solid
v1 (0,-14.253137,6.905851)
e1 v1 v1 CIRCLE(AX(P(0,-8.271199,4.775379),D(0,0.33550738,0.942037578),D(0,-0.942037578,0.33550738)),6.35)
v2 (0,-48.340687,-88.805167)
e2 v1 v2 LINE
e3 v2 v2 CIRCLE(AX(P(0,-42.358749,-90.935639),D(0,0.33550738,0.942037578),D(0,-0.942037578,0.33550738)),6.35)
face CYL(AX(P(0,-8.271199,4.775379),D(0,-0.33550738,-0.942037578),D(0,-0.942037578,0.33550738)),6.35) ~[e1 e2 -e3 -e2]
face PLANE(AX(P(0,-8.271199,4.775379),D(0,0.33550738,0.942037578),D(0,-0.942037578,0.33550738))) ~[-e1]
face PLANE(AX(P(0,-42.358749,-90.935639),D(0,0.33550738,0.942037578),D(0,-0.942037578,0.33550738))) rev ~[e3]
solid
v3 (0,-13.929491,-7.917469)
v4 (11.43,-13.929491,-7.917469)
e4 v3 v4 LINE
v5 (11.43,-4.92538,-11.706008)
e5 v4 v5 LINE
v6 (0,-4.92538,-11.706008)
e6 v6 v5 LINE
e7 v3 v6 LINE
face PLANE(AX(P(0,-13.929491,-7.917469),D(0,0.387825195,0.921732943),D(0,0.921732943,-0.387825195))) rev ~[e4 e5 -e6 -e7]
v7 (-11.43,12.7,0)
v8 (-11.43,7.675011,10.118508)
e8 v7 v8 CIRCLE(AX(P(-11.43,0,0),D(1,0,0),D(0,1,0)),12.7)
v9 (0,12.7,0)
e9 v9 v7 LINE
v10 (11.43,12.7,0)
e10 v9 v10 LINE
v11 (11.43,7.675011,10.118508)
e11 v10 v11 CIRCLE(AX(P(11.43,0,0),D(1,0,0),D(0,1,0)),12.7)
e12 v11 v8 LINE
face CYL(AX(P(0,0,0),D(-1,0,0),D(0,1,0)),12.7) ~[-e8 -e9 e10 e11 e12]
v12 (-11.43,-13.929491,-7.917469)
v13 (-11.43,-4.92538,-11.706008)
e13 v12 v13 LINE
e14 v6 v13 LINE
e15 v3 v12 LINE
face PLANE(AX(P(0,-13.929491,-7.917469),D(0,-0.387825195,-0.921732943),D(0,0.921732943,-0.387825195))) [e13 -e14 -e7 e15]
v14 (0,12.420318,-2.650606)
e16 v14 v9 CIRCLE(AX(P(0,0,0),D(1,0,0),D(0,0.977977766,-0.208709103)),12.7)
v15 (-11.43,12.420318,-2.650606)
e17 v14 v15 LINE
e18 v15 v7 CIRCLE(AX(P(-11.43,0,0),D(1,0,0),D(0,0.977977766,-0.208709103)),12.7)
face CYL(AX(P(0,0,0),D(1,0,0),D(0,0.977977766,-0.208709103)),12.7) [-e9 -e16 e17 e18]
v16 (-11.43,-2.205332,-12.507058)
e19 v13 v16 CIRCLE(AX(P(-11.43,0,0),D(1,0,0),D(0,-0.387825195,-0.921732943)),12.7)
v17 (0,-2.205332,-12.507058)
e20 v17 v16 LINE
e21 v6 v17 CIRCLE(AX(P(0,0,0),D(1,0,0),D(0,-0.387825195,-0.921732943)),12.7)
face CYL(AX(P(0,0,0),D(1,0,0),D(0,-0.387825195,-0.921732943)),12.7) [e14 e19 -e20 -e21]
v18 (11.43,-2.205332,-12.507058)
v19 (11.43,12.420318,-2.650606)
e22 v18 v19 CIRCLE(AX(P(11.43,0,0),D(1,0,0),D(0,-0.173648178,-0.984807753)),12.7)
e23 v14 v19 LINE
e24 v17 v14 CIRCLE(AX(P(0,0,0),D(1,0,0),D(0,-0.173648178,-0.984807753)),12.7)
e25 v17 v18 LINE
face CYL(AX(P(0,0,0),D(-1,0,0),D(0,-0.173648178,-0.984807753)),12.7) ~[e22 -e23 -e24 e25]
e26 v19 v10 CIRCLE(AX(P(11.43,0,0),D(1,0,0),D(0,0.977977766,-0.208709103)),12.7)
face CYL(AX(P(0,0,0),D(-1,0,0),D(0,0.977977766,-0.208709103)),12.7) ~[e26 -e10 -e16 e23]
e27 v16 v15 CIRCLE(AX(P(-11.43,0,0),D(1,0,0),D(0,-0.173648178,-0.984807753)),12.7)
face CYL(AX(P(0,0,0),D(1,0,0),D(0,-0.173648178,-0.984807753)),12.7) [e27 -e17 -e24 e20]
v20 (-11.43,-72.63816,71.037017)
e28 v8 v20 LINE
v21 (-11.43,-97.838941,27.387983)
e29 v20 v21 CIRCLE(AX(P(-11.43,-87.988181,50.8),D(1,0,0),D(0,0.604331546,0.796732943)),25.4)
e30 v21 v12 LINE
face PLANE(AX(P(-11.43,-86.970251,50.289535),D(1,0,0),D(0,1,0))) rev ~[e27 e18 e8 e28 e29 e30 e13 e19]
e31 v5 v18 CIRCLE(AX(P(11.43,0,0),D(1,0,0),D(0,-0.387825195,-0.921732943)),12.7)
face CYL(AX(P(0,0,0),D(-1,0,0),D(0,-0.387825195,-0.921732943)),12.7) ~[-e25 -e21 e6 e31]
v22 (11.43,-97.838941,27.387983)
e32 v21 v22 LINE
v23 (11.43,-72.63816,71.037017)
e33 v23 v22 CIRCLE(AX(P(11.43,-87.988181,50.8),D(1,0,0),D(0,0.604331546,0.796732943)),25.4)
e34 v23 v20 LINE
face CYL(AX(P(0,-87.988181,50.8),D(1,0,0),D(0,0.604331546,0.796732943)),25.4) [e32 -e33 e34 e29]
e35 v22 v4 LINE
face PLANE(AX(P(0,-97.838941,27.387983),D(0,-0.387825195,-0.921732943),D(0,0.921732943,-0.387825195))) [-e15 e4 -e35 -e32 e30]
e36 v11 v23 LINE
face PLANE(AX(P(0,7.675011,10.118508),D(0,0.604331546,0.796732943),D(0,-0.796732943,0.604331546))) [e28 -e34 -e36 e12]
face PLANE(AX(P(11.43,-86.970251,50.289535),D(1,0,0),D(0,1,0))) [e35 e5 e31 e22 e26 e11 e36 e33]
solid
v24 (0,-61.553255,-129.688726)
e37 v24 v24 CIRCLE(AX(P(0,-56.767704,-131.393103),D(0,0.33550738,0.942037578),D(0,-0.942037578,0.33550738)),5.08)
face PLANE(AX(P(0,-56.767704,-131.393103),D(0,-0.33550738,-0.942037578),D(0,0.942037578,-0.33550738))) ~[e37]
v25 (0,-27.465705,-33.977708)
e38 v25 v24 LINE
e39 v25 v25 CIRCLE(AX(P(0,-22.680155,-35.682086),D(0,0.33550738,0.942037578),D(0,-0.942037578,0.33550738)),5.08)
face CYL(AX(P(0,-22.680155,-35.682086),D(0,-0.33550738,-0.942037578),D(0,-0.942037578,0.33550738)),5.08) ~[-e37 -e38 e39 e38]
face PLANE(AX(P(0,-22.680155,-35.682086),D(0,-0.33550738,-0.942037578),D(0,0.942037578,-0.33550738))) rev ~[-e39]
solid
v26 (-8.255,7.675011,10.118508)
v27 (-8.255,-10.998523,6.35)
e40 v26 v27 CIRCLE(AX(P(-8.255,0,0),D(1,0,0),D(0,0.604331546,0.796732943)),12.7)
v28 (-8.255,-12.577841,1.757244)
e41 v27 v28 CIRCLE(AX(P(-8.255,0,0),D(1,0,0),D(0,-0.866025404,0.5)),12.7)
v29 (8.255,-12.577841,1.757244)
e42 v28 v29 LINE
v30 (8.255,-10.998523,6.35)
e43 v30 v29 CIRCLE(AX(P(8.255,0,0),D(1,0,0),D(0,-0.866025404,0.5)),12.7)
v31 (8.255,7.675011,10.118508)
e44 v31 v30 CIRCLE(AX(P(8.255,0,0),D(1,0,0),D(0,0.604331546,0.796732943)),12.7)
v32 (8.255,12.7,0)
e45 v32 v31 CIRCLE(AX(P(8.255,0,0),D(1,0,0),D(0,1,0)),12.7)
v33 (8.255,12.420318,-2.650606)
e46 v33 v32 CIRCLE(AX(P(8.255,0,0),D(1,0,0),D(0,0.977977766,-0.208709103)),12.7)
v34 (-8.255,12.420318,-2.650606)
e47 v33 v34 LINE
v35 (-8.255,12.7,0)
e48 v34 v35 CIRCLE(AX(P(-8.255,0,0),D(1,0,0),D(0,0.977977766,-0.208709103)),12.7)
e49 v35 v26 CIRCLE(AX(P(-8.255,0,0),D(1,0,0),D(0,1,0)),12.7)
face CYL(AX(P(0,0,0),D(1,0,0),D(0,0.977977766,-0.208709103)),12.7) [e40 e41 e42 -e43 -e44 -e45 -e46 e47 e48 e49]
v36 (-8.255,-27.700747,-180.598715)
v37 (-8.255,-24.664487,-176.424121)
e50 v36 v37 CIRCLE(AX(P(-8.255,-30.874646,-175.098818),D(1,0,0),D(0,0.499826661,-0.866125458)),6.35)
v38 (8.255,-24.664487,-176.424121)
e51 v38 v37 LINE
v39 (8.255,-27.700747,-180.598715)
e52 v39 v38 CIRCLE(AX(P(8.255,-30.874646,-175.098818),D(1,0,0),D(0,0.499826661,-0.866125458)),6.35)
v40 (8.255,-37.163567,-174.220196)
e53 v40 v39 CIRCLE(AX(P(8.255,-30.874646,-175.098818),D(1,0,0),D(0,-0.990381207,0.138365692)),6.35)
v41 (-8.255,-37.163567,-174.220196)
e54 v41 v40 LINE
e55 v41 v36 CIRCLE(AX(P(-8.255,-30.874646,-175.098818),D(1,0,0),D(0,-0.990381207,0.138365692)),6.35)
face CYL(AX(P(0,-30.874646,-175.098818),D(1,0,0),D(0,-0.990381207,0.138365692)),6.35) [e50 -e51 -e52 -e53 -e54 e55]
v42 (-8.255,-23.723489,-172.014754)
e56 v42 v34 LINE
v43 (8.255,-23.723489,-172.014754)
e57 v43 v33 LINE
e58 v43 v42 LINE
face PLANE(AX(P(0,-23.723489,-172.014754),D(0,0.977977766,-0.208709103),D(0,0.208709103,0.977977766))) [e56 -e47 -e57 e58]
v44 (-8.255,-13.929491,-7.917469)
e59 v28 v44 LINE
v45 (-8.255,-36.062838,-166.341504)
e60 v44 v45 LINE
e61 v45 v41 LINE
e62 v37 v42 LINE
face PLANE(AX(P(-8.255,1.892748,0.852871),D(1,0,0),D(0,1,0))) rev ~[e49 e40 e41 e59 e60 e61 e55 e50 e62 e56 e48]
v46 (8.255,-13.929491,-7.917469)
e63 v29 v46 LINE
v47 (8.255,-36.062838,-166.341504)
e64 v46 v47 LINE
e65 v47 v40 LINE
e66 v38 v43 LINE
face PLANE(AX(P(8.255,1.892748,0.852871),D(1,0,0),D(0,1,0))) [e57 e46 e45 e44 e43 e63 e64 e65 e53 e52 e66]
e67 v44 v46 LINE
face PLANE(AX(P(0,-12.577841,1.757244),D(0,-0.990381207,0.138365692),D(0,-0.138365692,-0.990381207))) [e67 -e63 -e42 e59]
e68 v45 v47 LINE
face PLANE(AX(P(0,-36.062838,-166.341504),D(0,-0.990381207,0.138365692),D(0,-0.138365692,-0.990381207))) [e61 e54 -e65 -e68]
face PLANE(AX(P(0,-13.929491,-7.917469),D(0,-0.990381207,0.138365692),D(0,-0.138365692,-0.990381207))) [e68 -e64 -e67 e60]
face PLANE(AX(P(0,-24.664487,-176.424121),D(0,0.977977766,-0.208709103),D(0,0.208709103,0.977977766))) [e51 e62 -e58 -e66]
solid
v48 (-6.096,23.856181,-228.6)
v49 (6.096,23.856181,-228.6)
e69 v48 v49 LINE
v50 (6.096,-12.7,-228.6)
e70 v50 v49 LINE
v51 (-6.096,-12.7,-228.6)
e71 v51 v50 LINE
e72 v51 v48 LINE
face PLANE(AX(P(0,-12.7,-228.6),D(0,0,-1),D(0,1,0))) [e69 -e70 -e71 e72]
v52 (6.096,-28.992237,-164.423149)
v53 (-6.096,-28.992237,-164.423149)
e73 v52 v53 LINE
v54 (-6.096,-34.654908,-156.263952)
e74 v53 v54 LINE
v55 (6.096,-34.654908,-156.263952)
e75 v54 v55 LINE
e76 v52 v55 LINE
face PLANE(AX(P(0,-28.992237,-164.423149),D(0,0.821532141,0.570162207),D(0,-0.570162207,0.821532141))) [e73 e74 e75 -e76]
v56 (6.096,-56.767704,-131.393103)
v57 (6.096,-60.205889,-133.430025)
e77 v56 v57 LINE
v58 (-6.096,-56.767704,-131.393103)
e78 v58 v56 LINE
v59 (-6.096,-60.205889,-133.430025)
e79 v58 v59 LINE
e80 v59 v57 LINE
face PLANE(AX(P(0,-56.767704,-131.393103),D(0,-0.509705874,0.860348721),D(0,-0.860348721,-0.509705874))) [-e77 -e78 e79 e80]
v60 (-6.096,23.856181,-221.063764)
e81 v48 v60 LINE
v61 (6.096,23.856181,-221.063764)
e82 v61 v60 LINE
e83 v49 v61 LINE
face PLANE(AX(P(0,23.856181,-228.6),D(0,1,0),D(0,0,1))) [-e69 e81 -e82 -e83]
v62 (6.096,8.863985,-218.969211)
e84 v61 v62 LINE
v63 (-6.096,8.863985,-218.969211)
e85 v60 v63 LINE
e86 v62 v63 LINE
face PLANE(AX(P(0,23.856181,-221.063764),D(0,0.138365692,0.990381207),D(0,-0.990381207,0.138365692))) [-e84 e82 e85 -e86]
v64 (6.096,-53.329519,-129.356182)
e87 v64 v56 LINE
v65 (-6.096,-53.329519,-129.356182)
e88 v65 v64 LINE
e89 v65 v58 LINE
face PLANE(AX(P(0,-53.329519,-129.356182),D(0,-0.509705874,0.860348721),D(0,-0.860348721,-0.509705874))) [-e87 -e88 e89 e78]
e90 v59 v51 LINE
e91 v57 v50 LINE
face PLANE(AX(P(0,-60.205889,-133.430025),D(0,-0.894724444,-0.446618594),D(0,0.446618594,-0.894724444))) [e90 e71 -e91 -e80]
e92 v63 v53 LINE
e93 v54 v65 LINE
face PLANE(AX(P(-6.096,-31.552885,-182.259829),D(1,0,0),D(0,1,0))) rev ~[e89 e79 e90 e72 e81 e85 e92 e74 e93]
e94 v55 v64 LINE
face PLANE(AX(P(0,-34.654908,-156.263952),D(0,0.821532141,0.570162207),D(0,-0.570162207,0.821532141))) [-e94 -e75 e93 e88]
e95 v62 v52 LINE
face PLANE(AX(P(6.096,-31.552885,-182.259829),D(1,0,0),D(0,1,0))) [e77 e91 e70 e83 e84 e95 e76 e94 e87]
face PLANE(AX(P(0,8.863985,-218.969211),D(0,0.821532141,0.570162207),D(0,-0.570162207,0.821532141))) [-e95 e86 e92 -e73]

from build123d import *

# Parameters (mm, degrees)
F1_DEPTH = 11.43
F2_DEPTH = 8.255
F3_DEPTH = 6.096


with BuildPart() as f1:
    # F0 (on Right) → F1 (new body, symmetric)
    with BuildSketch(Plane.YZ):
        with BuildLine():
            ThreePointArc((-65.9911357684, 38.1), (-63.4536650368, 44.2259962544), (-62.5881810245, 50.8))
            ThreePointArc((-62.5881810245, 50.8), (-65.2389992765, 62.097554151), (-72.6381597485, 71.0370167472))
            ThreePointArc((-72.6381597485, 71.0370167472), (-109.9852262806, 63.5), (-97.8389409864, 27.3879832528))
            ThreePointArc((-97.8389409864, 27.3879832528), (-79.890657495, 26.7253221685), (-65.9911357684, 38.1))
        make_face()
        with BuildLine():
            ThreePointArc((-72.6381597485, 71.0370167472), (-65.2389992765, 62.097554151), (-62.5881810245, 50.8))
            ThreePointArc((-62.5881810245, 50.8), (-63.4536650368, 44.2259962544), (-65.9911357684, 38.1))
            Line((-65.9911357684, 38.1), (-10.9985226281, 6.35))
            ThreePointArc((-10.9985226281, 6.35), (-2.5123389157, 12.4490221774), (7.675010638, 10.1185083736))
            Line((7.675010638, 10.1185083736), (-72.6381597485, 71.0370167472))
        make_face()
        with BuildLine():
            Line((-10.9985226281, 6.35), (-65.9911357684, 38.1))
            ThreePointArc((-65.9911357684, 38.1), (-79.890657495, 26.7253221685), (-97.8389409864, 27.3879832528))
            Line((-97.8389409864, 27.3879832528), (-13.9294910287, -7.9174694553))
            Line((-13.9294910287, -7.9174694553), (-12.5778413298, 1.7572442865))
            ThreePointArc((-12.5778413298, 1.7572442865), (-12.0097704237, 4.1298201378), (-10.9985226281, 6.35))
        make_face()
        with BuildLine():
            Line((-12.5778413298, 1.7572442865), (-13.9294910287, -7.9174694553))
            Line((-13.9294910287, -7.9174694553), (-4.925379981, -11.7060083736))
            ThreePointArc((-4.925379981, -11.7060083736), (-11.0410815644, -6.2757085567), (-12.5778413298, 1.7572442865))
        make_face()
        with BuildLine():
            Line((0, 0), (-10.9985226281, 6.35))
            ThreePointArc((-10.9985226281, 6.35), (-12.0097704237, 4.1298201378), (-12.5778413298, 1.7572442865))
            ThreePointArc((-12.5778413298, 1.7572442865), (-11.0410815644, -6.2757085567), (-4.925379981, -11.7060083736))
            ThreePointArc((-4.925379981, -11.7060083736), (-3.587782482, -12.1826851253), (-2.2053318564, -12.5070584633))
            Line((-2.2053318564, -12.5070584633), (0, 0))
        make_face()
        with BuildLine():
            ThreePointArc((12.7, 0), (11.374590874, 5.6487770755), (7.675010638, 10.1185083736))
            ThreePointArc((7.675010638, 10.1185083736), (-2.5123389157, 12.4490221774), (-10.9985226281, 6.35))
            Line((-10.9985226281, 6.35), (0, 0))
            Line((0, 0), (-2.2053318564, -12.5070584633))
            ThreePointArc((-2.2053318564, -12.5070584633), (7.097457242, -10.5316713155), (12.4203176258, -2.6506056054))
            ThreePointArc((12.4203176258, -2.6506056054), (12.6298858634, -1.3326601504), (12.7, 0))
        make_face()
    extrude(amount=F1_DEPTH, both=True)


with BuildPart() as f2:
    # F0 (on Right) → F2 (new body, symmetric)
    with BuildSketch(Plane.YZ):
        with BuildLine():
            ThreePointArc((12.7, 0), (11.374590874, 5.6487770755), (7.675010638, 10.1185083736))
            ThreePointArc((7.675010638, 10.1185083736), (-2.5123389157, 12.4490221774), (-10.9985226281, 6.35))
            Line((-10.9985226281, 6.35), (0, 0))
            Line((0, 0), (-2.2053318564, -12.5070584633))
            ThreePointArc((-2.2053318564, -12.5070584633), (7.097457242, -10.5316713155), (12.4203176258, -2.6506056054))
            ThreePointArc((12.4203176258, -2.6506056054), (12.6298858634, -1.3326601504), (12.7, 0))
        make_face()
        with BuildLine():
            Line((0, 0), (-10.9985226281, 6.35))
            ThreePointArc((-10.9985226281, 6.35), (-12.0097704237, 4.1298201378), (-12.5778413298, 1.7572442865))
            ThreePointArc((-12.5778413298, 1.7572442865), (-11.0410815644, -6.2757085567), (-4.925379981, -11.7060083736))
            ThreePointArc((-4.925379981, -11.7060083736), (-3.587782482, -12.1826851253), (-2.2053318564, -12.5070584633))
            Line((-2.2053318564, -12.5070584633), (0, 0))
        make_face()
        with BuildLine():
            Line((-23.723489121, -172.0147535919), (12.4203176258, -2.6506056054))
            ThreePointArc((12.4203176258, -2.6506056054), (7.097457242, -10.5316713155), (-2.2053318564, -12.5070584633))
            Line((-2.2053318564, -12.5070584633), (-28.992237411, -164.4231489389))
            Line((-28.992237411, -164.4231489389), (-23.723489121, -172.0147535919))
        make_face()
        with BuildLine():
            Line((-4.925379981, -11.7060083736), (-13.9294910287, -7.9174694553))
            Line((-13.9294910287, -7.9174694553), (-34.6549081477, -156.2639515077))
            Line((-34.6549081477, -156.2639515077), (-28.992237411, -164.4231489389))
            Line((-28.992237411, -164.4231489389), (-2.2053318564, -12.5070584633))
            ThreePointArc((-2.2053318564, -12.5070584633), (-3.587782482, -12.1826851253), (-4.925379981, -11.7060083736))
        make_face()
        with BuildLine():
            Line((-12.5778413298, 1.7572442865), (-13.9294910287, -7.9174694553))
            Line((-13.9294910287, -7.9174694553), (-4.925379981, -11.7060083736))
            ThreePointArc((-4.925379981, -11.7060083736), (-11.0410815644, -6.2757085567), (-12.5778413298, 1.7572442865))
        make_face()
        with BuildLine():
            Line((-30.8746459892, -175.0988184856), (-34.1112782872, -169.6356041051))
            ThreePointArc((-34.1112782872, -169.6356041051), (-36.1603494719, -171.5797506129), (-37.1635666541, -174.2201963423))
            ThreePointArc((-37.1635666541, -174.2201963423), (-34.4239015535, -180.3642989897), (-27.7007466935, -180.5987151447))
            Line((-27.7007466935, -180.5987151447), (-30.8746459892, -175.0988184856))
        make_face()
        with BuildLine():
            Line((-28.992237411, -164.4231489389), (-34.6549081477, -156.2639515077))
            Line((-34.6549081477, -156.2639515077), (-36.0628382689, -166.341504073))
            Line((-36.0628382689, -166.341504073), (-34.1112782872, -169.6356041051))
            ThreePointArc((-34.1112782872, -169.6356041051), (-32.0124519954, -168.8515872995), (-29.771980061, -168.8452892539))
            Line((-29.771980061, -168.8452892539), (-28.992237411, -164.4231489389))
        make_face()
        with BuildLine():
            Line((-34.1112782872, -169.6356041051), (-36.0628382689, -166.341504073))
            Line((-36.0628382689, -166.341504073), (-37.1635666541, -174.2201963423))
            ThreePointArc((-37.1635666541, -174.2201963423), (-36.1603494719, -171.5797506129), (-34.1112782872, -169.6356041051))
        make_face()
        with BuildLine():
            Line((-23.723489121, -172.0147535919), (-28.992237411, -164.4231489389))
            Line((-28.992237411, -164.4231489389), (-29.771980061, -168.8452892539))
            ThreePointArc((-29.771980061, -168.8452892539), (-26.0102637754, -171.0171171641), (-24.5246459892, -175.0988184856))
            ThreePointArc((-24.5246459892, -175.0988184856), (-24.5597030575, -175.7651485608), (-24.6644871763, -176.4241212882))
            Line((-24.6644871763, -176.4241212882), (-23.723489121, -172.0147535919))
        make_face()
        with BuildLine():
            ThreePointArc((-24.5246459892, -175.0988184856), (-26.0102637754, -171.0171171641), (-29.771980061, -168.8452892539))
            Line((-29.771980061, -168.8452892539), (-30.8746459892, -175.0988184856))
            Line((-30.8746459892, -175.0988184856), (-27.7007466935, -180.5987151447))
            ThreePointArc((-27.7007466935, -180.5987151447), (-25.7392837709, -178.8338626469), (-24.6644871763, -176.4241212882))
            ThreePointArc((-24.6644871763, -176.4241212882), (-24.5597030575, -175.7651485608), (-24.5246459892, -175.0988184856))
        make_face()
        with BuildLine():
            ThreePointArc((-29.771980061, -168.8452892539), (-32.0124519954, -168.8515872995), (-34.1112782872, -169.6356041051))
            Line((-34.1112782872, -169.6356041051), (-30.8746459892, -175.0988184856))
            Line((-30.8746459892, -175.0988184856), (-29.771980061, -168.8452892539))
        make_face()
        with BuildLine():
            Line((-23.723489121, -172.0147535919), (-28.992237411, -164.4231489389))
            Line((-28.992237411, -164.4231489389), (-29.771980061, -168.8452892539))
            ThreePointArc((-29.771980061, -168.8452892539), (-26.0102637754, -171.0171171641), (-24.5246459892, -175.0988184856))
            ThreePointArc((-24.5246459892, -175.0988184856), (-24.5597030575, -175.7651485608), (-24.6644871763, -176.4241212882))
            Line((-24.6644871763, -176.4241212882), (-23.723489121, -172.0147535919))
        make_face()
    extrude(amount=F2_DEPTH, both=True)


with BuildPart() as f3:
    # F0 (on Right) → F3 (new body, symmetric)
    with BuildSketch(Plane.YZ):
        with BuildLine():
            Line((-37.1635666541, -174.2201963423), (-36.0628382689, -166.341504073))
            Line((-36.0628382689, -166.341504073), (-56.7677043733, -131.3931034415))
            Line((-56.7677043733, -131.3931034415), (-60.2058892669, -133.4300252055))
            Line((-60.2058892669, -133.4300252055), (-12.7, -228.6))
            Line((-12.7, -228.6), (0, -228.6))
            Line((0, -228.6), (-27.7007466935, -180.5987151447))
            ThreePointArc((-27.7007466935, -180.5987151447), (-34.4239015535, -180.3642989897), (-37.1635666541, -174.2201963423))
        make_face()
        Polygon((-36.0628382689, -166.341504073), (-34.6549081477, -156.2639515077), (-53.3295194797, -129.3561816774), (-56.7677043733, -131.3931034415), align=None)
        with BuildLine():
            Line((-28.992237411, -164.4231489389), (-34.6549081477, -156.2639515077))
            Line((-34.6549081477, -156.2639515077), (-36.0628382689, -166.341504073))
            Line((-36.0628382689, -166.341504073), (-34.1112782872, -169.6356041051))
            ThreePointArc((-34.1112782872, -169.6356041051), (-32.0124519954, -168.8515872995), (-29.771980061, -168.8452892539))
            Line((-29.771980061, -168.8452892539), (-28.992237411, -164.4231489389))
        make_face()
        with BuildLine():
            Line((-34.1112782872, -169.6356041051), (-36.0628382689, -166.341504073))
            Line((-36.0628382689, -166.341504073), (-37.1635666541, -174.2201963423))
            ThreePointArc((-37.1635666541, -174.2201963423), (-36.1603494719, -171.5797506129), (-34.1112782872, -169.6356041051))
        make_face()
        with BuildLine():
            Line((-30.8746459892, -175.0988184856), (-34.1112782872, -169.6356041051))
            ThreePointArc((-34.1112782872, -169.6356041051), (-36.1603494719, -171.5797506129), (-37.1635666541, -174.2201963423))
            ThreePointArc((-37.1635666541, -174.2201963423), (-34.4239015535, -180.3642989897), (-27.7007466935, -180.5987151447))
            Line((-27.7007466935, -180.5987151447), (-30.8746459892, -175.0988184856))
        make_face()
        with BuildLine():
            ThreePointArc((-29.771980061, -168.8452892539), (-32.0124519954, -168.8515872995), (-34.1112782872, -169.6356041051))
            Line((-34.1112782872, -169.6356041051), (-30.8746459892, -175.0988184856))
            Line((-30.8746459892, -175.0988184856), (-29.771980061, -168.8452892539))
        make_face()
        with BuildLine():
            Line((-23.723489121, -172.0147535919), (-28.992237411, -164.4231489389))
            Line((-28.992237411, -164.4231489389), (-29.771980061, -168.8452892539))
            ThreePointArc((-29.771980061, -168.8452892539), (-26.0102637754, -171.0171171641), (-24.5246459892, -175.0988184856))
            ThreePointArc((-24.5246459892, -175.0988184856), (-24.5597030575, -175.7651485608), (-24.6644871763, -176.4241212882))
            Line((-24.6644871763, -176.4241212882), (-23.723489121, -172.0147535919))
        make_face()
        with BuildLine():
            ThreePointArc((-24.5246459892, -175.0988184856), (-26.0102637754, -171.0171171641), (-29.771980061, -168.8452892539))
            Line((-29.771980061, -168.8452892539), (-30.8746459892, -175.0988184856))
            Line((-30.8746459892, -175.0988184856), (-27.7007466935, -180.5987151447))
            ThreePointArc((-27.7007466935, -180.5987151447), (-25.7392837709, -178.8338626469), (-24.6644871763, -176.4241212882))
            ThreePointArc((-24.6644871763, -176.4241212882), (-24.5597030575, -175.7651485608), (-24.5246459892, -175.0988184856))
        make_face()
        with BuildLine():
            Line((8.8639849224, -218.9692114556), (-23.723489121, -172.0147535919))
            Line((-23.723489121, -172.0147535919), (-24.6644871763, -176.4241212882))
            ThreePointArc((-24.6644871763, -176.4241212882), (-25.7392837709, -178.8338626469), (-27.7007466935, -180.5987151447))
            Line((-27.7007466935, -180.5987151447), (0, -228.6))
            Line((0, -228.6), (23.8561810277, -228.6))
            Line((23.8561810277, -228.6), (23.8561810277, -221.0637641104))
            Line((23.8561810277, -221.0637641104), (8.8639849224, -218.9692114556))
        make_face()
    extrude(amount=F3_DEPTH, both=True)


with BuildPart() as f5:
    # F4 (on Right) → F5 (revolve)
    with BuildSketch(Plane.YZ):
        Polygon((-48.3406871308, -88.8051672484), (-47.1442994072, -89.2312616215), (-27.4657054166, -33.977708061), (-22.6801545222, -35.6820855535), (-8.2711986617, 4.7753787739), (-14.2531372797, 6.9058506396), align=None)
        Polygon((-47.1442994072, -89.2312616215), (-42.3587485128, -90.9356391141), (-22.6801545222, -35.6820855535), (-27.4657054166, -33.977708061), align=None)
    revolve(axis=Axis((0, -25.3149735873, -43.0801301701), (0, 0.3355073804, 0.9420375776)))


with BuildPart() as f6:
    # F4 (on Right) → F6 (revolve)
    with BuildSketch(Plane.YZ):
        Polygon((-47.1442994072, -89.2312616215), (-42.3587485128, -90.9356391141), (-22.6801545222, -35.6820855535), (-27.4657054166, -33.977708061), align=None)
        Polygon((-61.5532552677, -129.6887259489), (-56.7677043733, -131.3931034415), (-42.3587485128, -90.9356391141), (-47.1442994072, -89.2312616215), align=None)
    revolve(axis=Axis((0, -39.7239294478, -83.5375944975), (0, 0.3355073804, 0.9420375776)))


solid = Compound([f1.part, f2.part, f3.part, f5.part, f6.part])
